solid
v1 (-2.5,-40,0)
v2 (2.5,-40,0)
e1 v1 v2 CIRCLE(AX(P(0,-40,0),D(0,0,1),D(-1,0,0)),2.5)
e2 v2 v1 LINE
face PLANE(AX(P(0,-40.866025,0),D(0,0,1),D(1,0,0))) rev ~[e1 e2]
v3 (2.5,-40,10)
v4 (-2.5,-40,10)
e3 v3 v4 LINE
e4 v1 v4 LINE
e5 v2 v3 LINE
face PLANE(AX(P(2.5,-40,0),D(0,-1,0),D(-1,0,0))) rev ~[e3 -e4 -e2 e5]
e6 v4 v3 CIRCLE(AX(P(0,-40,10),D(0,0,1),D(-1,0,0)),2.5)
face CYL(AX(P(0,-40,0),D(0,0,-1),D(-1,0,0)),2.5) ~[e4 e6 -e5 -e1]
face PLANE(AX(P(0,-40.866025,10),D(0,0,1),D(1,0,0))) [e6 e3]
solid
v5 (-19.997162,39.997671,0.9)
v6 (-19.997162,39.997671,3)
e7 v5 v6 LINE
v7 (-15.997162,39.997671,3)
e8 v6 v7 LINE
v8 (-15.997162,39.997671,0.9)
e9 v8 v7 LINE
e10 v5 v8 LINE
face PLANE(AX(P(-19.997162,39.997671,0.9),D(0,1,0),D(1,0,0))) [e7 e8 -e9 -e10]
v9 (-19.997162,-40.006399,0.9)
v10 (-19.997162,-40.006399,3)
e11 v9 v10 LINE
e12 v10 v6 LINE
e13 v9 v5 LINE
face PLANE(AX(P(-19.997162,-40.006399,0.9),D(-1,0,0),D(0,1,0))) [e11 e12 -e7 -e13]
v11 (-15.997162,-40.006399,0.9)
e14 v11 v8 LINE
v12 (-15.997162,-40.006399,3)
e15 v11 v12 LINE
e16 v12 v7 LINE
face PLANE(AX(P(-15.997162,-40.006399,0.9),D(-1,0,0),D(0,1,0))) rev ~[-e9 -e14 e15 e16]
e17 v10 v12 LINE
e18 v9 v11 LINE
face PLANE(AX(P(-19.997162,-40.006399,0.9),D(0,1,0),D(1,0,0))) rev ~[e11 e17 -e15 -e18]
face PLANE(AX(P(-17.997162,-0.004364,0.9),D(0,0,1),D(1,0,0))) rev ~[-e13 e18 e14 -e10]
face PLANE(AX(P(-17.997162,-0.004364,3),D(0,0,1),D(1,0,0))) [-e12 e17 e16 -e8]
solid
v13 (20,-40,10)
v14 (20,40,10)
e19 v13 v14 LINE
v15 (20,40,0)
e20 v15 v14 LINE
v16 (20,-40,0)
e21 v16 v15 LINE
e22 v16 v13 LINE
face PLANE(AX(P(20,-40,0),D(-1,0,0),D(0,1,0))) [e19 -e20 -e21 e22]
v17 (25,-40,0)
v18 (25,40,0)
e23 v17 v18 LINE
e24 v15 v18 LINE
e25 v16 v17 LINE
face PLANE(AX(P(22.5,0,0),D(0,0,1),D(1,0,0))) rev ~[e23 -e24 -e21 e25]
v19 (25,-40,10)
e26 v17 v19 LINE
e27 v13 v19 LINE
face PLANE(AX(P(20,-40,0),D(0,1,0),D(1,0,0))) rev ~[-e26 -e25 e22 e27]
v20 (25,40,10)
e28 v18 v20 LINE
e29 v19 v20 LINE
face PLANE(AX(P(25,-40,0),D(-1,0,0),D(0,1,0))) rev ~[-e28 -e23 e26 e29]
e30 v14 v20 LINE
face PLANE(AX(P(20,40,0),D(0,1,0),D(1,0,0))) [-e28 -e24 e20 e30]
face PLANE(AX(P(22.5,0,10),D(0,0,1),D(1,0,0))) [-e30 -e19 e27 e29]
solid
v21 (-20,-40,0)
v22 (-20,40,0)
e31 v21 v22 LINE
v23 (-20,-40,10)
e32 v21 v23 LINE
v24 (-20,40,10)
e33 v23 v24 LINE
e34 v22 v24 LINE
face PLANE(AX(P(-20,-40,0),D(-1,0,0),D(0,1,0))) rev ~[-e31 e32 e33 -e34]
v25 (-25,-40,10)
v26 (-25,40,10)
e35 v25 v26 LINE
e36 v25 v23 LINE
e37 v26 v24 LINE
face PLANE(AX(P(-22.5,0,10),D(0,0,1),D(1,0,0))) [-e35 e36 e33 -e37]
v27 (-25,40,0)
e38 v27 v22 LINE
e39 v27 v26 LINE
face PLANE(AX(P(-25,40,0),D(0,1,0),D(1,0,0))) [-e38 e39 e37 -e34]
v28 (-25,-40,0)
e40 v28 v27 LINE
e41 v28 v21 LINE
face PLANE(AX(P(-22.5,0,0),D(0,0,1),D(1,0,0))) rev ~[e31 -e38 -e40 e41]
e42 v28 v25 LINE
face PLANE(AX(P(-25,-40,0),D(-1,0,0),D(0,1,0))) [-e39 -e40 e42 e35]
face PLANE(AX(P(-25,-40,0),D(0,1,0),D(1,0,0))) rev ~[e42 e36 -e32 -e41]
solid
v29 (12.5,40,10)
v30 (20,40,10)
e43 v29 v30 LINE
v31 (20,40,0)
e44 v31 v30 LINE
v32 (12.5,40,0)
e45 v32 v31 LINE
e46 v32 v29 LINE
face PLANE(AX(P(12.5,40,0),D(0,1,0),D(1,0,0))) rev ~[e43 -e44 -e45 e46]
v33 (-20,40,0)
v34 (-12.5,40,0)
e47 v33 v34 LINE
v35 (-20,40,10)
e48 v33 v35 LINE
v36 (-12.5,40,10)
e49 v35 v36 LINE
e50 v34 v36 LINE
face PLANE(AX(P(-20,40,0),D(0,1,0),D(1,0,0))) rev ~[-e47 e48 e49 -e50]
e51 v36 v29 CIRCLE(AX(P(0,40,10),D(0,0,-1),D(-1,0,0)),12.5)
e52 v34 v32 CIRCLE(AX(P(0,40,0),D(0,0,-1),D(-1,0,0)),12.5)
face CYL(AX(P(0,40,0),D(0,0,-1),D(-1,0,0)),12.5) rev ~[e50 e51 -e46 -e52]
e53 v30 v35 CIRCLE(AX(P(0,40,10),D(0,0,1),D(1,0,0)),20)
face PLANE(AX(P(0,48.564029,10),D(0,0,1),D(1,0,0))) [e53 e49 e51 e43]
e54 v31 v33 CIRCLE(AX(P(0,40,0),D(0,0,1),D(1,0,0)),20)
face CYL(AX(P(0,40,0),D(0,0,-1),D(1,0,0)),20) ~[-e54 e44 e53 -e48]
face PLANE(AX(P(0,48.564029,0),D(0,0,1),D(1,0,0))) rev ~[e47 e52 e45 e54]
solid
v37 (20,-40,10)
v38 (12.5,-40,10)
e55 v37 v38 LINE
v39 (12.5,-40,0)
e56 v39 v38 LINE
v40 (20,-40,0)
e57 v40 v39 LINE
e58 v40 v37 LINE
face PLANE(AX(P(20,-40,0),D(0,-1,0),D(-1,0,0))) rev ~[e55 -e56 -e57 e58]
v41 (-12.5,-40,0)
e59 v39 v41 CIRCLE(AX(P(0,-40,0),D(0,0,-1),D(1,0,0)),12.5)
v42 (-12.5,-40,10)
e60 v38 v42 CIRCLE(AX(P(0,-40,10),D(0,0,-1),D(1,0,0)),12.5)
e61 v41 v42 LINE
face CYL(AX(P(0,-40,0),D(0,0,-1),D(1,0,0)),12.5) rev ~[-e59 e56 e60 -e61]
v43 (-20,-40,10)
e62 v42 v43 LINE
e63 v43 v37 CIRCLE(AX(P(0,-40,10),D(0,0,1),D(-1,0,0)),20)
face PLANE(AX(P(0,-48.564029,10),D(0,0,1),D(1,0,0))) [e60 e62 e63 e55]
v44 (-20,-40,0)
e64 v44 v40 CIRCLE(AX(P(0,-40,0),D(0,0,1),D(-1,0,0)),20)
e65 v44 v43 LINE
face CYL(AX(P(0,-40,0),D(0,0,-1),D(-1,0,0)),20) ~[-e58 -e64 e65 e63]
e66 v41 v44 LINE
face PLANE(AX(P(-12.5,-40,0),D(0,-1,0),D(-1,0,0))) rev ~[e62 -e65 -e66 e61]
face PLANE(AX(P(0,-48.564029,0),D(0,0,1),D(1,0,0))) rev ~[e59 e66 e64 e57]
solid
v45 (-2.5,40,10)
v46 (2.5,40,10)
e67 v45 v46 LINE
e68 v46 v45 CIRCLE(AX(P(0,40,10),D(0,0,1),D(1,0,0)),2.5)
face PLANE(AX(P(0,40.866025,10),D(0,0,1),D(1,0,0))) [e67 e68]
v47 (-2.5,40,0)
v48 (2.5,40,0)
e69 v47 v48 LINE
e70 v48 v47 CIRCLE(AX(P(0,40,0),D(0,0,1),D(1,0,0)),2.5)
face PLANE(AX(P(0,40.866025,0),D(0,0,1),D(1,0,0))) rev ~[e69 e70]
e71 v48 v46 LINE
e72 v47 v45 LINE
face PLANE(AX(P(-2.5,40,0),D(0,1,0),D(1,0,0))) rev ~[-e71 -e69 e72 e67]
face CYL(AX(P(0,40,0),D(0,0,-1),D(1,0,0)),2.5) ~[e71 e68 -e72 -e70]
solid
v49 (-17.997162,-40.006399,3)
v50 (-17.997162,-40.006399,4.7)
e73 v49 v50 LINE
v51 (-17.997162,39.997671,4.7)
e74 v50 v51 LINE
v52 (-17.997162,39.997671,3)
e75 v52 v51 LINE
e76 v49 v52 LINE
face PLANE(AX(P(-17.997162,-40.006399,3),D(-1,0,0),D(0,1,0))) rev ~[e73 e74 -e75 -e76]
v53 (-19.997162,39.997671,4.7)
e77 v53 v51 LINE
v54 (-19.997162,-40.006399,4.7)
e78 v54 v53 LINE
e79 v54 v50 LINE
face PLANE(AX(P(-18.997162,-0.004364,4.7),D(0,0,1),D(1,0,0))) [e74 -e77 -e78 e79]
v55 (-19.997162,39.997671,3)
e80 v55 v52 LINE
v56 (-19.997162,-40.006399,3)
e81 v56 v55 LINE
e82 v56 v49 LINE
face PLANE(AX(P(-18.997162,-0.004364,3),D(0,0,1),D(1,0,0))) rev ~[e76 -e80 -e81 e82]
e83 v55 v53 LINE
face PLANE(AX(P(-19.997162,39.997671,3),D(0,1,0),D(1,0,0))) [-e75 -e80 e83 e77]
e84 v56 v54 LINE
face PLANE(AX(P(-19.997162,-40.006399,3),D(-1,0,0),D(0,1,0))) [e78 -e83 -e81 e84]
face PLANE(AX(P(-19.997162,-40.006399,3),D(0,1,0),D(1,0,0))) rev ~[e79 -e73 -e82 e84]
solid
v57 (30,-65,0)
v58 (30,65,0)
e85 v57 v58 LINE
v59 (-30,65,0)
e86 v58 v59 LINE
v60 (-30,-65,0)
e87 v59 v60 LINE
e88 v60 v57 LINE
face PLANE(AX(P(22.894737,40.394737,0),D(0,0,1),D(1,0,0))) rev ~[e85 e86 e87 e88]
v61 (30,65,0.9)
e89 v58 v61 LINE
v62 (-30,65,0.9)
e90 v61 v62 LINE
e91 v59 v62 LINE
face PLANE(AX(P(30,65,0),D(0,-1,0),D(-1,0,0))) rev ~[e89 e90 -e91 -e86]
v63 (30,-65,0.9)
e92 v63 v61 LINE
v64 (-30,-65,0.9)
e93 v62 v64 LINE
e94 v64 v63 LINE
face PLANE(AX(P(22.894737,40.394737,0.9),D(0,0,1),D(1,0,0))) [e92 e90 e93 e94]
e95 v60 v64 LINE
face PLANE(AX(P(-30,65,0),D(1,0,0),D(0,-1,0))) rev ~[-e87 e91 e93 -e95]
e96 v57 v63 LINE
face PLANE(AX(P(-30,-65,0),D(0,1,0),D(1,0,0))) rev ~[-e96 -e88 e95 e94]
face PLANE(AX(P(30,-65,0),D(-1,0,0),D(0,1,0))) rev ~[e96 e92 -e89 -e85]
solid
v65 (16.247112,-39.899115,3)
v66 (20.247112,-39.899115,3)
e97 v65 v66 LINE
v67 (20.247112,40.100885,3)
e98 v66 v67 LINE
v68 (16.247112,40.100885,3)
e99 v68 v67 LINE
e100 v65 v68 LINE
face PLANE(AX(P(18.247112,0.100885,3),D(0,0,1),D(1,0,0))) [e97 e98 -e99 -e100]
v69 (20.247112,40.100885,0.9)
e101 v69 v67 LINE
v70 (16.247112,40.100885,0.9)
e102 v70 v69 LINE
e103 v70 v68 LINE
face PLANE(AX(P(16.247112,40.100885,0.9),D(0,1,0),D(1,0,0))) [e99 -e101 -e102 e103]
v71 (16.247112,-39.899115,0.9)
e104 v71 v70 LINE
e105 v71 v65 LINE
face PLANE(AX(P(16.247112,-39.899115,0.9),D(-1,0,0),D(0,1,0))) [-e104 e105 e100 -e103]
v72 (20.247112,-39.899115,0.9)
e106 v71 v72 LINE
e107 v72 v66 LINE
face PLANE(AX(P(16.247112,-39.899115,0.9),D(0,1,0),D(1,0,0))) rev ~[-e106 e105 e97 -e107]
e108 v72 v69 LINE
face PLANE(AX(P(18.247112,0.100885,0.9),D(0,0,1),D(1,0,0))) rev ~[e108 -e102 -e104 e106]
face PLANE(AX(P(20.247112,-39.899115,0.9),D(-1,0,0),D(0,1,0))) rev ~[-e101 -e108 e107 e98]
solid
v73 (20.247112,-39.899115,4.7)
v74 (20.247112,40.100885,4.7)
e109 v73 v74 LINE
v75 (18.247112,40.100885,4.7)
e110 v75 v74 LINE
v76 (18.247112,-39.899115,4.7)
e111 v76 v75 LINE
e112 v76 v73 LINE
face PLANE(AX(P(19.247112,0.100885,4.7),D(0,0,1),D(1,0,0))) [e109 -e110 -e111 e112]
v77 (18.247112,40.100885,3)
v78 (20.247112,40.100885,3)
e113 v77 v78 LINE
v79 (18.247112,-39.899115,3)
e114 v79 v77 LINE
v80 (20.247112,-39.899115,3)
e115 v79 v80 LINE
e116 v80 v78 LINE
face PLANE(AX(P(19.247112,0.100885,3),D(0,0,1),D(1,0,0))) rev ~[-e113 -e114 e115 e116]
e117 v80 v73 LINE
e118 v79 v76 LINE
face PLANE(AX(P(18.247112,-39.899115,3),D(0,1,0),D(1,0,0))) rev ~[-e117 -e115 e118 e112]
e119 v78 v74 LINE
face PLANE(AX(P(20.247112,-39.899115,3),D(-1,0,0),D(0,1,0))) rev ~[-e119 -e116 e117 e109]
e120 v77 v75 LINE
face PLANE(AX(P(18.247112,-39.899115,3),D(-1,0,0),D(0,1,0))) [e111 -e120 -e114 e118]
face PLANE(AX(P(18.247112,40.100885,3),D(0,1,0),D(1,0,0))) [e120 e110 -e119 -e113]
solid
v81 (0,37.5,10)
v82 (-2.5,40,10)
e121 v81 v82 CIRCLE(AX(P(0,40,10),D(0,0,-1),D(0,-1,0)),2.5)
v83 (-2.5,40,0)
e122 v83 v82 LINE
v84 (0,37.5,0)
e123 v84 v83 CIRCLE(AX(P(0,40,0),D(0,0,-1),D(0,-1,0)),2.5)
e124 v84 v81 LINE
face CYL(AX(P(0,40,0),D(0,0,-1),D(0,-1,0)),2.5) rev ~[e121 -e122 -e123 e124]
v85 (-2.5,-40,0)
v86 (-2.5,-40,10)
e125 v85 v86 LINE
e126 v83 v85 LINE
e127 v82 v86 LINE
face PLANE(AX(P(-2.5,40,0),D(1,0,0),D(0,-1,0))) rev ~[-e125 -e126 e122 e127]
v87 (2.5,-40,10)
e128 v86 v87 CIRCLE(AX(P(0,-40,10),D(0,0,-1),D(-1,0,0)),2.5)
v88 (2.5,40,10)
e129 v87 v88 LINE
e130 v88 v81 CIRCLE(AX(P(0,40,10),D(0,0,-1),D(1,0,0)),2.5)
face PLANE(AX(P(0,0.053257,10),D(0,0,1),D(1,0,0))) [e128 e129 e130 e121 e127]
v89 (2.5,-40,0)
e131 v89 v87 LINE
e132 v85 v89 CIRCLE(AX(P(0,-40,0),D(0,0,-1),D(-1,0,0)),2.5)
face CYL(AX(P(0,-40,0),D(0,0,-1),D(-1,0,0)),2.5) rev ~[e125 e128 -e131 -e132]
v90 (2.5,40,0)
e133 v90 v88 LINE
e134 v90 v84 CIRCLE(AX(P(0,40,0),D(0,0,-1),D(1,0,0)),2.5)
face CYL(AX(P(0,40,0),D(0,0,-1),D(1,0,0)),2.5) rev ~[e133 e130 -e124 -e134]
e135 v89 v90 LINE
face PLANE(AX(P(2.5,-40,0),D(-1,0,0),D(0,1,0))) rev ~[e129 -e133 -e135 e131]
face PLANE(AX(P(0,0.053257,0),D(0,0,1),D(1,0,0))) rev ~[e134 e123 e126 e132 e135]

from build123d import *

# Parameters (mm, degrees)
F2_DEPTH = 10
F0_W     = 5
F0_H     = 80
F3_W     = 25
F3_H     = 60
F4_DEPTH = 0.9
F5_W     = 4
F5_H     = 80
F6_DEPTH = 2.1
F5_H_2   = 80.0040699542
F8_W     = 2
F8_H     = 80
F9_DEPTH = 1.7
F7_W     = 2
F7_H     = 80.0040699542


with BuildPart() as f2:
    # F0 (on Top) → F2 (new body)
    with BuildSketch(Plane.XY):
        with BuildLine():
            ThreePointArc((-12.5, 40), (0, 52.5), (12.5, 40))
            Line((12.5, 40), (20, 40))
            ThreePointArc((20, 40), (0, 60), (-20, 40))
            Line((-20, 40), (-12.5, 40))
        make_face()
    extrude(amount=F2_DEPTH)


with BuildPart() as f2b:
    # F0 (on Top) → F2, piece 2 (new body)
    with BuildSketch(Plane.XY):
        with BuildLine():
            ThreePointArc((-20, -40), (0, -60), (20, -40))
            Line((20, -40), (14.4638279453, -40))
            Line((14.4638279453, -40), (12.5, -40))
            ThreePointArc((12.5, -40), (0, -52.5), (-12.5, -40))
            Line((-12.5, -40), (-20, -40))
        make_face()
    extrude(amount=F2_DEPTH)


with BuildPart() as f2c:
    # F0 (on Top) → F2, piece 3 (new body)
    with BuildSketch(Plane.XY):
        with Locations((22.5, 0)):
            Rectangle(F0_W, F0_H)
    extrude(amount=F2_DEPTH)


with BuildPart() as f2d:
    # F0 (on Top) → F2, piece 4 (new body)
    with BuildSketch(Plane.XY):
        with Locations((-22.5, 0)):
            Rectangle(F0_W, F0_H)
    extrude(amount=F2_DEPTH)


with BuildPart() as f2e:
    # F1 (on Top) → F2, piece 5 (new body)
    with BuildSketch(Plane.XY):
        with BuildLine():
            ThreePointArc((2.5, 40), (1.767766953, 38.232233047), (0, 37.5))
            ThreePointArc((0, 37.5), (-1.767766953, 38.232233047), (-2.5, 40))
            Line((-2.5, 40), (-2.5, -40))
            ThreePointArc((-2.5, -40), (0, -37.5), (2.5, -40))
            Line((2.5, -40), (2.5, 40))
        make_face()
    extrude(amount=F2_DEPTH)


with BuildPart() as f2f:
    # F1 (on Top) → F2, piece 6 (new body)
    with BuildSketch(Plane.XY):
        with BuildLine():
            Line((0, -40), (-2.5, -40))
            ThreePointArc((-2.5, -40), (0, -42.5), (2.5, -40))
            Line((2.5, -40), (0, -40))
        make_face()
    extrude(amount=F2_DEPTH)


with BuildPart() as f2g:
    # F1 (on Top) → F2, piece 7 (new body)
    with BuildSketch(Plane.XY):
        with BuildLine():
            Line((-2.5, 40), (0, 40))
            Line((0, 40), (2.5, 40))
            ThreePointArc((2.5, 40), (0, 42.5), (-2.5, 40))
        make_face()
    extrude(amount=F2_DEPTH)


with BuildPart() as f4:
    # F3 (on Top) → F4 (new body)
    with BuildSketch(Plane.XY):
        Polygon((25, 60), (25, 0), (30, 0), (30, 65), (25, 65), (0, 65), (0, 60), align=None)
        Polygon((30, 0), (25, 0), (25, -60), (0, -60), (-25, -60), (-25, 0), (-25, 60), (0, 60), (0, 65), (-25, 65), (-30, 65), (-30, -65), (-25, -65), (30, -65), align=None)
        with Locations((-12.5, -30)):
            Rectangle(F3_W, F3_H)
        with Locations((-12.5, 30)):
            Rectangle(F3_W, F3_H)
        with Locations((12.5, 30)):
            Rectangle(F3_W, F3_H)
        with Locations((12.5, -30)):
            Rectangle(F3_W, F3_H)
    extrude(amount=F4_DEPTH)


with BuildPart() as f6:
    # F5 (on face) → F6 (new body)
    with BuildSketch(Plane.XY.offset(0.9)):
        with Locations((18.247112304, 0.1008854806)):
            Rectangle(F5_W, F5_H)
    extrude(amount=F6_DEPTH)


with BuildPart() as f6b:
    # F5 (on face) → F6, piece 2 (new body)
    with BuildSketch(Plane.XY.offset(0.9)):
        with Locations((-17.9971620888, -0.0043641776)):
            Rectangle(F5_W, F5_H_2)
    extrude(amount=F6_DEPTH)


with BuildPart() as f9:
    # F8 (on face) → F9 (new body)
    with BuildSketch(Plane.XY.offset(3)):
        with Locations((19.247112304, 0.1008854806)):
            Rectangle(F8_W, F8_H)
    extrude(amount=F9_DEPTH)


with BuildPart() as f9b:
    # F7 (on face) → F9, piece 2 (new body)
    with BuildSketch(Plane.XY.offset(3)):
        with Locations((-18.9971620888, -0.0043641776)):
            Rectangle(F7_W, F7_H)
    extrude(amount=F9_DEPTH)


solid = Compound([f2.part, f2b.part, f2c.part, f2d.part, f2e.part, f2f.part, f2g.part, f4.part, f6.part, f6b.part, f9.part, f9b.part])
